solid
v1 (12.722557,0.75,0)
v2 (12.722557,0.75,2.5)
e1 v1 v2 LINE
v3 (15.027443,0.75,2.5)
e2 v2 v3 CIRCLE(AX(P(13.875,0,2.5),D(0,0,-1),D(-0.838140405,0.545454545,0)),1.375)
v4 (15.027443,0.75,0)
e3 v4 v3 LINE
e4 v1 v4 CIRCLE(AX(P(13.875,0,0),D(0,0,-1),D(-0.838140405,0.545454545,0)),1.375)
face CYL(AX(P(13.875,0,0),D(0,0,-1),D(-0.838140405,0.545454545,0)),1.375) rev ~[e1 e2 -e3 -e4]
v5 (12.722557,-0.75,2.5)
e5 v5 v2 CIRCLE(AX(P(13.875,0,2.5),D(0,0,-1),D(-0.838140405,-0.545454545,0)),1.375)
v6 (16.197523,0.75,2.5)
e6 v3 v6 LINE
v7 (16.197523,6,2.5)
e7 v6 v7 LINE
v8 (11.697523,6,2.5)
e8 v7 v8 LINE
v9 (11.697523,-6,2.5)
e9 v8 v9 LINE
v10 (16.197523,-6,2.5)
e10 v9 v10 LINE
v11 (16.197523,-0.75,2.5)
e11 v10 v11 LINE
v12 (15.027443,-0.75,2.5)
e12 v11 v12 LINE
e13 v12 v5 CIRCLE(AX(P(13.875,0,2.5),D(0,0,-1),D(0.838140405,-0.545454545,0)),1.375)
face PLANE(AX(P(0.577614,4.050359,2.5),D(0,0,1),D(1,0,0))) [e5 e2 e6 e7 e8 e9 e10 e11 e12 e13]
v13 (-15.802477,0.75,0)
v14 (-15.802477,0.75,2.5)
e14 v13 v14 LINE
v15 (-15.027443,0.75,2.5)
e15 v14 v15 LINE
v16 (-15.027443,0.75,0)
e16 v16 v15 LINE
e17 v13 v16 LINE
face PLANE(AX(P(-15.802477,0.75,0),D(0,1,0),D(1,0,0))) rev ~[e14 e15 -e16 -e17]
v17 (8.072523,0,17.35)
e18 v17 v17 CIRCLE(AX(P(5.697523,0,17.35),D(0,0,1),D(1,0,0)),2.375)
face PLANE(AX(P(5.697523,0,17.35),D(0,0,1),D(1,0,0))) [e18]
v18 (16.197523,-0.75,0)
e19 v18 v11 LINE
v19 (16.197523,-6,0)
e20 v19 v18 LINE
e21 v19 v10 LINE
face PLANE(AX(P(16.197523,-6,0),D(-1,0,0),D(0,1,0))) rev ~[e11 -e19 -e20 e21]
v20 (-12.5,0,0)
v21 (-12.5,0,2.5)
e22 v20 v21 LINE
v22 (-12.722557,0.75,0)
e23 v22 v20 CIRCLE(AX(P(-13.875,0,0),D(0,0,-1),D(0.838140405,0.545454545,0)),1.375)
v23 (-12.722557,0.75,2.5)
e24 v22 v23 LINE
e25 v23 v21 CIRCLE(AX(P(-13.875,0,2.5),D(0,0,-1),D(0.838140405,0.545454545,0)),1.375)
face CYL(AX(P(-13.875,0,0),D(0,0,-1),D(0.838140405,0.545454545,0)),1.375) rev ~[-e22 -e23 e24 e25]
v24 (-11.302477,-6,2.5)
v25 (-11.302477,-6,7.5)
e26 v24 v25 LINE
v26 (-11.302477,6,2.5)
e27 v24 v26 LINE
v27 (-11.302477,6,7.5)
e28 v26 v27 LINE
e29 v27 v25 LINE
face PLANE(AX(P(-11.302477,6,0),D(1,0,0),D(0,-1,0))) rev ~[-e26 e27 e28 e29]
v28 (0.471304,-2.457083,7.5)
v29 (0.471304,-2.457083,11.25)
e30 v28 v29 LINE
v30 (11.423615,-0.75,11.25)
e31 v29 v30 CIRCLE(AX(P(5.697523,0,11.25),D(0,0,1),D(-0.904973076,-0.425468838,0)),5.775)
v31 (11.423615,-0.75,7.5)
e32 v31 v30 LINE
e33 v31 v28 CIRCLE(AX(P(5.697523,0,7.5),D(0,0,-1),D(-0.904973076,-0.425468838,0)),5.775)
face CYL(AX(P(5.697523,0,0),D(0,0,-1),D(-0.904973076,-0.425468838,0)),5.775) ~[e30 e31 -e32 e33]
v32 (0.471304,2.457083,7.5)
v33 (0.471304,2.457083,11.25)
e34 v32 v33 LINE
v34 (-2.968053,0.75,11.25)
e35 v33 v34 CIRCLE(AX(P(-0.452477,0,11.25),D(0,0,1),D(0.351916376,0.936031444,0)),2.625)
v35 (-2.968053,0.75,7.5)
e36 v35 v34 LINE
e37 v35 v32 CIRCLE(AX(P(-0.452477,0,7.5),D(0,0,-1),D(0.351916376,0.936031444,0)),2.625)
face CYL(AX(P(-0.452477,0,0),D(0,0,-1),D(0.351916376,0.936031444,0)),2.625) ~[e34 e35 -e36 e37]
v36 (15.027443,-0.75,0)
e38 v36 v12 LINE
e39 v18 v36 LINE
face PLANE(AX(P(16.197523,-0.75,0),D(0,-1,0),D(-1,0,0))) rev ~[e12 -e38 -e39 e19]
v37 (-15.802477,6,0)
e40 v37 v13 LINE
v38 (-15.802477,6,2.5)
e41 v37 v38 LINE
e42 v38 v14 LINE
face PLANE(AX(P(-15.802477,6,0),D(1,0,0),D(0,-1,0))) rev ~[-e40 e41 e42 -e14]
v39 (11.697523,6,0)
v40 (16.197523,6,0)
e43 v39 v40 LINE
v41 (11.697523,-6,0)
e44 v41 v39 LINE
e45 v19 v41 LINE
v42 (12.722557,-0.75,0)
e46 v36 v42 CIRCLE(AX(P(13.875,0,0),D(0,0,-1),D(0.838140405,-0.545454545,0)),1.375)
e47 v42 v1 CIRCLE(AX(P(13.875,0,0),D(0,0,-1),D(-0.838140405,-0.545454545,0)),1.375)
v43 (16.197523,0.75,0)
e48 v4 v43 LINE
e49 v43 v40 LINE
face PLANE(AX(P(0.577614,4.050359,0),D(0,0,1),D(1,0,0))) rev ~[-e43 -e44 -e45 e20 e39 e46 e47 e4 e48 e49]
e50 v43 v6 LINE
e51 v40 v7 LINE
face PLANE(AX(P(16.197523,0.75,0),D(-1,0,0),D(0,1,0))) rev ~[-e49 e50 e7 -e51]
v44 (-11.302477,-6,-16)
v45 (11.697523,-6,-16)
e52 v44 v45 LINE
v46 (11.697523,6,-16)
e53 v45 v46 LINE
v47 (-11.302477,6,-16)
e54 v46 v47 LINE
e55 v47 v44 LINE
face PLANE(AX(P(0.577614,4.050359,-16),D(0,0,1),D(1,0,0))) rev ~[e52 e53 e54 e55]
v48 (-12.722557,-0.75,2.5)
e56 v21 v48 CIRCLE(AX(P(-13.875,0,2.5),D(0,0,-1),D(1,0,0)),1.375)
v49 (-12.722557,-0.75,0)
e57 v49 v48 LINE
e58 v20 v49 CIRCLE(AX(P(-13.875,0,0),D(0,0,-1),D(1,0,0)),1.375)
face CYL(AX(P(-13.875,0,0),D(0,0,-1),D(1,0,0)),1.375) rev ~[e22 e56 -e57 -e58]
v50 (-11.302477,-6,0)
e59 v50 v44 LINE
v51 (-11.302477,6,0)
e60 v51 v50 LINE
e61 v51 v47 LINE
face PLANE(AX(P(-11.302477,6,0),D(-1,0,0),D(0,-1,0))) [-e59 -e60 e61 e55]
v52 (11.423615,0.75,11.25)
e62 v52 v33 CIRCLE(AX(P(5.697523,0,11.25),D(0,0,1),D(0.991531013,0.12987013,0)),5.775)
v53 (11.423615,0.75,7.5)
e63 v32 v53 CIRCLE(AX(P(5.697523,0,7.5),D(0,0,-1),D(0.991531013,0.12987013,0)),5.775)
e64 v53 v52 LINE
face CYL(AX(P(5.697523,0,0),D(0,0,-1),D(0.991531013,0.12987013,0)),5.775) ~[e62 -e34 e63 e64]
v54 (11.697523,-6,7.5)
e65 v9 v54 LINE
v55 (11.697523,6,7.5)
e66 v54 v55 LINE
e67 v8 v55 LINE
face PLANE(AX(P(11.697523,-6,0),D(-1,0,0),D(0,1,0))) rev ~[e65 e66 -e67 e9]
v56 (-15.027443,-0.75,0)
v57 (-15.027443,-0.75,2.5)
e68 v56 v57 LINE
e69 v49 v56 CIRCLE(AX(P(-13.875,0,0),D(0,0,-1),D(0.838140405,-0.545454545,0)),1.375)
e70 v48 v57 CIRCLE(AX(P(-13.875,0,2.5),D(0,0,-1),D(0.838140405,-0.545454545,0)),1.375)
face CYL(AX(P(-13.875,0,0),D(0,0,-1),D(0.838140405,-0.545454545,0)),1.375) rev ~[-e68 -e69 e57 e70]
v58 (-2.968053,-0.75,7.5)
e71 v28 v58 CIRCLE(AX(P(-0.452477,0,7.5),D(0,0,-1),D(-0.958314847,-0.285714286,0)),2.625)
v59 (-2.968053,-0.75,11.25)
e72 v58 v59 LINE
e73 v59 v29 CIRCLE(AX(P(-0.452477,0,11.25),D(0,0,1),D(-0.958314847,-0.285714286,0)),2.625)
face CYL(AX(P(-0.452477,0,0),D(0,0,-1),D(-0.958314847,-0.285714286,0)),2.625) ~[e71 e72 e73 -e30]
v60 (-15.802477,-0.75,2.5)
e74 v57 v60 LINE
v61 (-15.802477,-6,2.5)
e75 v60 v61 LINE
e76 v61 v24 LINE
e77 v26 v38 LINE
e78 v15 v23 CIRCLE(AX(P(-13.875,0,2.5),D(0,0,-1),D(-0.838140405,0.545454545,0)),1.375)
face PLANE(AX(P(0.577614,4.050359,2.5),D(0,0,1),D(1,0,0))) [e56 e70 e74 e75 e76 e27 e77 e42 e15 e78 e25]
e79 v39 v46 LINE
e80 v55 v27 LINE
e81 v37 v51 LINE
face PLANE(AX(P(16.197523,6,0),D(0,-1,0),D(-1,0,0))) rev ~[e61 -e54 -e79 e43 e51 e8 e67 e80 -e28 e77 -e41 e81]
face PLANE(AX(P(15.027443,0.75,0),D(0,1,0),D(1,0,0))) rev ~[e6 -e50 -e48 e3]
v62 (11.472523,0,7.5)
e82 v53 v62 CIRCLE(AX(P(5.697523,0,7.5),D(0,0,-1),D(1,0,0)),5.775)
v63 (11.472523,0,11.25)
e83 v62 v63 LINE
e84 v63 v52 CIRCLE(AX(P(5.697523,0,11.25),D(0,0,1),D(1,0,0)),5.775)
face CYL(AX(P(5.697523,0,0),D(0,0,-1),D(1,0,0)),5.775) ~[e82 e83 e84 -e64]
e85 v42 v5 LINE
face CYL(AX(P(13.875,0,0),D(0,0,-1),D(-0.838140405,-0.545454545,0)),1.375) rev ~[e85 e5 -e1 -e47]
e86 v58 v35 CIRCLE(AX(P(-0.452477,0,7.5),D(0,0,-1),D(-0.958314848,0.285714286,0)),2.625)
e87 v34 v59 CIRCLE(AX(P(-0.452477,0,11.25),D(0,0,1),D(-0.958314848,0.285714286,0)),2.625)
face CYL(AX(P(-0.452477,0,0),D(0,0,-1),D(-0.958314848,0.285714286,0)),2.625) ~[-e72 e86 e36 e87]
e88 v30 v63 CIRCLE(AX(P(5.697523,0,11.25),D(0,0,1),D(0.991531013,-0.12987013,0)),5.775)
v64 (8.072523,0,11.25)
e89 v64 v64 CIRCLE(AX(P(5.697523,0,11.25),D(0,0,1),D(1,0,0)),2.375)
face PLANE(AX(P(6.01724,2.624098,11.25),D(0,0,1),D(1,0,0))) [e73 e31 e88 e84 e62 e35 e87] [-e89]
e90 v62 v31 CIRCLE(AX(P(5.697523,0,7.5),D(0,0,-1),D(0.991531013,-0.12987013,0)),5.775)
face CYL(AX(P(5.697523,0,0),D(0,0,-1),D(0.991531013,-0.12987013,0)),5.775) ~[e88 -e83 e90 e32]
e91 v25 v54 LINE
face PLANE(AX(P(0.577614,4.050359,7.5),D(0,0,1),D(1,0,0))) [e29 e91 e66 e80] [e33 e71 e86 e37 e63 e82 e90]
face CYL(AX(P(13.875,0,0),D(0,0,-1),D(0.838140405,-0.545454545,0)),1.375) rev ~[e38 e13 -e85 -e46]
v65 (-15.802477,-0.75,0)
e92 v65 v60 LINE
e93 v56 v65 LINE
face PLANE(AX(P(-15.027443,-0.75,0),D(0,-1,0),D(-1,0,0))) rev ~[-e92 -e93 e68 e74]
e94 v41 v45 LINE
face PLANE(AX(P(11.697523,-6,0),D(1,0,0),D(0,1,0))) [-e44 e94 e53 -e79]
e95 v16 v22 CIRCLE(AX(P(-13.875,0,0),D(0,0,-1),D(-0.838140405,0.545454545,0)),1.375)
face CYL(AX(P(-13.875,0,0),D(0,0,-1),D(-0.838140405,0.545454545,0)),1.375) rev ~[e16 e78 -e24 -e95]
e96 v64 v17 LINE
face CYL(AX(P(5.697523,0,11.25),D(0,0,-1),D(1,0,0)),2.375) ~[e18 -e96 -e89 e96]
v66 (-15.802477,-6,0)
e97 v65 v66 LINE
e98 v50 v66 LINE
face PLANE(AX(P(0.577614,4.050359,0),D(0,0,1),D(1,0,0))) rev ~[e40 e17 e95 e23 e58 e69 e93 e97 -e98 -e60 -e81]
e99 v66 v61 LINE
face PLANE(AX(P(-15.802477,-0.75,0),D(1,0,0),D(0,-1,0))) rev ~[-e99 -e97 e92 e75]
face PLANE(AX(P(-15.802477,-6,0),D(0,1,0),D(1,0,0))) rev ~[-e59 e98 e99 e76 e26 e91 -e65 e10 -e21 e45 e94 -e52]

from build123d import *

# Parameters (mm, degrees)
F1_DEPTH      = 2.5
F2_DEPTH      = 11.25
F3_DEPTH      = 7.5
F3_DEPTH_BACK = 16
F4_R          = 2.375
F5_DEPTH      = 6.1


with BuildPart() as f1:
    # F0 (on Top) → F1 (new body)
    with BuildSketch(Plane.XY):
        with BuildLine():
            Line((11.6975234449, 6), (-11.3024765551, 6))
            Line((-11.3024765551, 6), (-11.3024765551, 0.75))
            Line((-11.3024765551, 0.75), (-2.9680530298, 0.75))
            ThreePointArc((-2.9680530298, 0.75), (-1.6195182493, 2.3513057402), (0.4713039327, 2.4570825404))
            ThreePointArc((0.4713039327, 2.4570825404), (6.5869056607, 5.706104124), (11.4236150439, 0.75))
            Line((11.4236150439, 0.75), (11.6975234449, 0.75))
            Line((11.6975234449, 0.75), (11.6975234449, 6))
        make_face()
        with BuildLine():
            Line((-2.9680530298, -0.75), (-11.3024765551, -0.75))
            Line((-11.3024765551, -0.75), (-11.3024765551, -6))
            Line((-11.3024765551, -6), (11.6975234449, -6))
            Line((11.6975234449, -6), (11.6975234449, -0.75))
            Line((11.6975234449, -0.75), (11.4236150439, -0.75))
            ThreePointArc((11.4236150439, -0.75), (6.5869056607, -5.706104124), (0.4713039327, -2.4570825404))
            ThreePointArc((0.4713039327, -2.4570825404), (-1.6195182493, -2.3513057402), (-2.9680530298, -0.75))
        make_face()
        with BuildLine():
            Line((-2.9680530298, 0.75), (-11.3024765551, 0.75))
            Line((-11.3024765551, 0.75), (-11.3024765551, -0.75))
            Line((-11.3024765551, -0.75), (-2.9680530298, -0.75))
            ThreePointArc((-2.9680530298, -0.75), (-3.0774765551, 0), (-2.9680530298, 0.75))
        make_face()
        with BuildLine():
            Line((-11.3024765551, -0.75), (-11.3024765551, 0.75))
            Line((-11.3024765551, 0.75), (-12.7225569428, 0.75))
            ThreePointArc((-12.7225569428, 0.75), (-12.5568129489, 0.3911622403), (-12.5, 0))
            ThreePointArc((-12.5, 0), (-12.5568129489, -0.3911622403), (-12.7225569428, -0.75))
            Line((-12.7225569428, -0.75), (-11.3024765551, -0.75))
        make_face()
        with BuildLine():
            Line((-11.3024765551, 0.75), (-11.3024765551, 6))
            Line((-11.3024765551, 6), (-15.8024765551, 6))
            Line((-15.8024765551, 6), (-15.8024765551, 0.75))
            Line((-15.8024765551, 0.75), (-15.0274430572, 0.75))
            ThreePointArc((-15.0274430572, 0.75), (-13.875, 1.375), (-12.7225569428, 0.75))
            Line((-12.7225569428, 0.75), (-11.3024765551, 0.75))
        make_face()
        with BuildLine():
            Line((-11.3024765551, -6), (-11.3024765551, -0.75))
            Line((-11.3024765551, -0.75), (-12.7225569428, -0.75))
            ThreePointArc((-12.7225569428, -0.75), (-13.875, -1.375), (-15.0274430572, -0.75))
            Line((-15.0274430572, -0.75), (-15.8024765551, -0.75))
            Line((-15.8024765551, -0.75), (-15.8024765551, -6))
            Line((-15.8024765551, -6), (-11.3024765551, -6))
        make_face()
        with BuildLine():
            Line((16.1975234449, 6), (11.6975234449, 6))
            Line((11.6975234449, 6), (11.6975234449, 0.75))
            Line((11.6975234449, 0.75), (12.7225569428, 0.75))
            ThreePointArc((12.7225569428, 0.75), (13.875, 1.375), (15.0274430572, 0.75))
            Line((15.0274430572, 0.75), (16.1975234449, 0.75))
            Line((16.1975234449, 0.75), (16.1975234449, 6))
        make_face()
        with BuildLine():
            Line((12.7225569428, -0.75), (11.6975234449, -0.75))
            Line((11.6975234449, -0.75), (11.6975234449, -6))
            Line((11.6975234449, -6), (16.1975234449, -6))
            Line((16.1975234449, -6), (16.1975234449, -0.75))
            Line((16.1975234449, -0.75), (15.0274430572, -0.75))
            ThreePointArc((15.0274430572, -0.75), (13.875, -1.375), (12.7225569428, -0.75))
        make_face()
        with BuildLine():
            Line((12.7225569428, 0.75), (11.6975234449, 0.75))
            Line((11.6975234449, 0.75), (11.6975234449, -0.75))
            Line((11.6975234449, -0.75), (12.7225569428, -0.75))
            ThreePointArc((12.7225569428, -0.75), (12.5, 0), (12.7225569428, 0.75))
        make_face()
        with BuildLine():
            Line((2.0630999196, 0.75), (11.4236150439, 0.75))
            ThreePointArc((11.4236150439, 0.75), (6.5869056607, 5.706104124), (0.4713039327, 2.4570825404))
            ThreePointArc((0.4713039327, 2.4570825404), (1.4673741627, 1.7901950232), (2.0630999196, 0.75))
        make_face()
        with BuildLine():
            ThreePointArc((0.4713039327, 2.4570825404), (-1.6195182493, 2.3513057402), (-2.9680530298, 0.75))
            Line((-2.9680530298, 0.75), (-0.0285681541, 0.75))
            ThreePointArc((-0.0285681541, 0.75), (0.1552484274, 1.6229025328), (0.4713039327, 2.4570825404))
        make_face()
        with BuildLine():
            Line((-0.0285681541, 0.75), (-2.9680530298, 0.75))
            ThreePointArc((-2.9680530298, 0.75), (-3.0774765551, 0), (-2.9680530298, -0.75))
            Line((-2.9680530298, -0.75), (-0.0285681541, -0.75))
            ThreePointArc((-0.0285681541, -0.75), (-0.0774765551, 0), (-0.0285681541, 0.75))
        make_face()
        with BuildLine():
            Line((-0.0285681541, -0.75), (-2.9680530298, -0.75))
            ThreePointArc((-2.9680530298, -0.75), (-1.6195182493, -2.3513057402), (0.4713039327, -2.4570825404))
            ThreePointArc((0.4713039327, -2.4570825404), (0.1552484274, -1.6229025328), (-0.0285681541, -0.75))
        make_face()
        with BuildLine():
            Line((2.0630999196, -0.75), (-0.0285681541, -0.75))
            ThreePointArc((-0.0285681541, -0.75), (0.1552484274, -1.6229025328), (0.4713039327, -2.4570825404))
            ThreePointArc((0.4713039327, -2.4570825404), (1.4673741627, -1.7901950232), (2.0630999196, -0.75))
        make_face()
        with BuildLine():
            Line((2.0630999196, 0.75), (-0.0285681541, 0.75))
            ThreePointArc((-0.0285681541, 0.75), (-0.0774765551, 0), (-0.0285681541, -0.75))
            Line((-0.0285681541, -0.75), (2.0630999196, -0.75))
            ThreePointArc((2.0630999196, -0.75), (2.1450235167, -0.3789701531), (2.1725234449, 0))
            ThreePointArc((2.1725234449, 0), (2.1450235167, 0.3789701531), (2.0630999196, 0.75))
        make_face()
        with BuildLine():
            ThreePointArc((0.4713039327, 2.4570825404), (0.1552484274, 1.6229025328), (-0.0285681541, 0.75))
            Line((-0.0285681541, 0.75), (2.0630999196, 0.75))
            ThreePointArc((2.0630999196, 0.75), (1.4673741627, 1.7901950232), (0.4713039327, 2.4570825404))
        make_face()
        with BuildLine():
            ThreePointArc((11.4725234449, 0), (11.4602833733, 0.375796498), (11.4236150439, 0.75))
            Line((11.4236150439, 0.75), (2.0630999196, 0.75))
            ThreePointArc((2.0630999196, 0.75), (2.1450235167, 0.3789701531), (2.1725234449, 0))
            ThreePointArc((2.1725234449, 0), (2.1450235167, -0.3789701531), (2.0630999196, -0.75))
            Line((2.0630999196, -0.75), (11.4236150439, -0.75))
            ThreePointArc((11.4236150439, -0.75), (11.4602833733, -0.375796498), (11.4725234449, 0))
        make_face()
        with BuildLine():
            ThreePointArc((0.4713039327, -2.4570825404), (6.5869056607, -5.706104124), (11.4236150439, -0.75))
            Line((11.4236150439, -0.75), (2.0630999196, -0.75))
            ThreePointArc((2.0630999196, -0.75), (1.4673741627, -1.7901950232), (0.4713039327, -2.4570825404))
        make_face()
        with BuildLine():
            Line((11.6975234449, -0.75), (11.6975234449, 0.75))
            Line((11.6975234449, 0.75), (11.4236150439, 0.75))
            ThreePointArc((11.4236150439, 0.75), (11.4602833733, 0.375796498), (11.4725234449, 0))
            ThreePointArc((11.4725234449, 0), (11.4602833733, -0.375796498), (11.4236150439, -0.75))
            Line((11.4236150439, -0.75), (11.6975234449, -0.75))
        make_face()
    extrude(amount=F1_DEPTH)

    # F0 (on Top) → F2 (join)
    with BuildSketch(Plane.XY):
        with BuildLine():
            Line((2.0630999196, 0.75), (11.4236150439, 0.75))
            ThreePointArc((11.4236150439, 0.75), (6.5869056607, 5.706104124), (0.4713039327, 2.4570825404))
            ThreePointArc((0.4713039327, 2.4570825404), (1.4673741627, 1.7901950232), (2.0630999196, 0.75))
        make_face()
        with BuildLine():
            ThreePointArc((0.4713039327, -2.4570825404), (6.5869056607, -5.706104124), (11.4236150439, -0.75))
            Line((11.4236150439, -0.75), (2.0630999196, -0.75))
            ThreePointArc((2.0630999196, -0.75), (1.4673741627, -1.7901950232), (0.4713039327, -2.4570825404))
        make_face()
        with BuildLine():
            ThreePointArc((11.4725234449, 0), (11.4602833733, 0.375796498), (11.4236150439, 0.75))
            Line((11.4236150439, 0.75), (2.0630999196, 0.75))
            ThreePointArc((2.0630999196, 0.75), (2.1450235167, 0.3789701531), (2.1725234449, 0))
            ThreePointArc((2.1725234449, 0), (2.1450235167, -0.3789701531), (2.0630999196, -0.75))
            Line((2.0630999196, -0.75), (11.4236150439, -0.75))
            ThreePointArc((11.4236150439, -0.75), (11.4602833733, -0.375796498), (11.4725234449, 0))
        make_face()
        with BuildLine():
            Line((2.0630999196, 0.75), (-0.0285681541, 0.75))
            ThreePointArc((-0.0285681541, 0.75), (-0.0774765551, 0), (-0.0285681541, -0.75))
            Line((-0.0285681541, -0.75), (2.0630999196, -0.75))
            ThreePointArc((2.0630999196, -0.75), (2.1450235167, -0.3789701531), (2.1725234449, 0))
            ThreePointArc((2.1725234449, 0), (2.1450235167, 0.3789701531), (2.0630999196, 0.75))
        make_face()
        with BuildLine():
            ThreePointArc((0.4713039327, 2.4570825404), (0.1552484274, 1.6229025328), (-0.0285681541, 0.75))
            Line((-0.0285681541, 0.75), (2.0630999196, 0.75))
            ThreePointArc((2.0630999196, 0.75), (1.4673741627, 1.7901950232), (0.4713039327, 2.4570825404))
        make_face()
        with BuildLine():
            ThreePointArc((0.4713039327, 2.4570825404), (-1.6195182493, 2.3513057402), (-2.9680530298, 0.75))
            Line((-2.9680530298, 0.75), (-0.0285681541, 0.75))
            ThreePointArc((-0.0285681541, 0.75), (0.1552484274, 1.6229025328), (0.4713039327, 2.4570825404))
        make_face()
        with BuildLine():
            Line((-0.0285681541, 0.75), (-2.9680530298, 0.75))
            ThreePointArc((-2.9680530298, 0.75), (-3.0774765551, 0), (-2.9680530298, -0.75))
            Line((-2.9680530298, -0.75), (-0.0285681541, -0.75))
            ThreePointArc((-0.0285681541, -0.75), (-0.0774765551, 0), (-0.0285681541, 0.75))
        make_face()
        with BuildLine():
            Line((-0.0285681541, -0.75), (-2.9680530298, -0.75))
            ThreePointArc((-2.9680530298, -0.75), (-1.6195182493, -2.3513057402), (0.4713039327, -2.4570825404))
            ThreePointArc((0.4713039327, -2.4570825404), (0.1552484274, -1.6229025328), (-0.0285681541, -0.75))
        make_face()
        with BuildLine():
            Line((2.0630999196, -0.75), (-0.0285681541, -0.75))
            ThreePointArc((-0.0285681541, -0.75), (0.1552484274, -1.6229025328), (0.4713039327, -2.4570825404))
            ThreePointArc((0.4713039327, -2.4570825404), (1.4673741627, -1.7901950232), (2.0630999196, -0.75))
        make_face()
    extrude(amount=F2_DEPTH)

    # F0 (on Top) → F3 (join, two sides)
    with BuildSketch(Plane.XY) as f3_sk:
        with BuildLine():
            Line((11.6975234449, 6), (-11.3024765551, 6))
            Line((-11.3024765551, 6), (-11.3024765551, 0.75))
            Line((-11.3024765551, 0.75), (-2.9680530298, 0.75))
            ThreePointArc((-2.9680530298, 0.75), (-1.6195182493, 2.3513057402), (0.4713039327, 2.4570825404))
            ThreePointArc((0.4713039327, 2.4570825404), (6.5869056607, 5.706104124), (11.4236150439, 0.75))
            Line((11.4236150439, 0.75), (11.6975234449, 0.75))
            Line((11.6975234449, 0.75), (11.6975234449, 6))
        make_face()
        with BuildLine():
            Line((-2.9680530298, -0.75), (-11.3024765551, -0.75))
            Line((-11.3024765551, -0.75), (-11.3024765551, -6))
            Line((-11.3024765551, -6), (11.6975234449, -6))
            Line((11.6975234449, -6), (11.6975234449, -0.75))
            Line((11.6975234449, -0.75), (11.4236150439, -0.75))
            ThreePointArc((11.4236150439, -0.75), (6.5869056607, -5.706104124), (0.4713039327, -2.4570825404))
            ThreePointArc((0.4713039327, -2.4570825404), (-1.6195182493, -2.3513057402), (-2.9680530298, -0.75))
        make_face()
        with BuildLine():
            Line((-2.9680530298, 0.75), (-11.3024765551, 0.75))
            Line((-11.3024765551, 0.75), (-11.3024765551, -0.75))
            Line((-11.3024765551, -0.75), (-2.9680530298, -0.75))
            ThreePointArc((-2.9680530298, -0.75), (-3.0774765551, 0), (-2.9680530298, 0.75))
        make_face()
        with BuildLine():
            Line((-0.0285681541, 0.75), (-2.9680530298, 0.75))
            ThreePointArc((-2.9680530298, 0.75), (-3.0774765551, 0), (-2.9680530298, -0.75))
            Line((-2.9680530298, -0.75), (-0.0285681541, -0.75))
            ThreePointArc((-0.0285681541, -0.75), (-0.0774765551, 0), (-0.0285681541, 0.75))
        make_face()
        with BuildLine():
            ThreePointArc((0.4713039327, 2.4570825404), (-1.6195182493, 2.3513057402), (-2.9680530298, 0.75))
            Line((-2.9680530298, 0.75), (-0.0285681541, 0.75))
            ThreePointArc((-0.0285681541, 0.75), (0.1552484274, 1.6229025328), (0.4713039327, 2.4570825404))
        make_face()
        with BuildLine():
            Line((-0.0285681541, -0.75), (-2.9680530298, -0.75))
            ThreePointArc((-2.9680530298, -0.75), (-1.6195182493, -2.3513057402), (0.4713039327, -2.4570825404))
            ThreePointArc((0.4713039327, -2.4570825404), (0.1552484274, -1.6229025328), (-0.0285681541, -0.75))
        make_face()
        with BuildLine():
            Line((2.0630999196, -0.75), (-0.0285681541, -0.75))
            ThreePointArc((-0.0285681541, -0.75), (0.1552484274, -1.6229025328), (0.4713039327, -2.4570825404))
            ThreePointArc((0.4713039327, -2.4570825404), (1.4673741627, -1.7901950232), (2.0630999196, -0.75))
        make_face()
        with BuildLine():
            Line((2.0630999196, 0.75), (-0.0285681541, 0.75))
            ThreePointArc((-0.0285681541, 0.75), (-0.0774765551, 0), (-0.0285681541, -0.75))
            Line((-0.0285681541, -0.75), (2.0630999196, -0.75))
            ThreePointArc((2.0630999196, -0.75), (2.1450235167, -0.3789701531), (2.1725234449, 0))
            ThreePointArc((2.1725234449, 0), (2.1450235167, 0.3789701531), (2.0630999196, 0.75))
        make_face()
        with BuildLine():
            ThreePointArc((0.4713039327, 2.4570825404), (0.1552484274, 1.6229025328), (-0.0285681541, 0.75))
            Line((-0.0285681541, 0.75), (2.0630999196, 0.75))
            ThreePointArc((2.0630999196, 0.75), (1.4673741627, 1.7901950232), (0.4713039327, 2.4570825404))
        make_face()
        with BuildLine():
            Line((2.0630999196, 0.75), (11.4236150439, 0.75))
            ThreePointArc((11.4236150439, 0.75), (6.5869056607, 5.706104124), (0.4713039327, 2.4570825404))
            ThreePointArc((0.4713039327, 2.4570825404), (1.4673741627, 1.7901950232), (2.0630999196, 0.75))
        make_face()
        with BuildLine():
            ThreePointArc((0.4713039327, -2.4570825404), (6.5869056607, -5.706104124), (11.4236150439, -0.75))
            Line((11.4236150439, -0.75), (2.0630999196, -0.75))
            ThreePointArc((2.0630999196, -0.75), (1.4673741627, -1.7901950232), (0.4713039327, -2.4570825404))
        make_face()
        with BuildLine():
            ThreePointArc((11.4725234449, 0), (11.4602833733, 0.375796498), (11.4236150439, 0.75))
            Line((11.4236150439, 0.75), (2.0630999196, 0.75))
            ThreePointArc((2.0630999196, 0.75), (2.1450235167, 0.3789701531), (2.1725234449, 0))
            ThreePointArc((2.1725234449, 0), (2.1450235167, -0.3789701531), (2.0630999196, -0.75))
            Line((2.0630999196, -0.75), (11.4236150439, -0.75))
            ThreePointArc((11.4236150439, -0.75), (11.4602833733, -0.375796498), (11.4725234449, 0))
        make_face()
        with BuildLine():
            Line((11.6975234449, -0.75), (11.6975234449, 0.75))
            Line((11.6975234449, 0.75), (11.4236150439, 0.75))
            ThreePointArc((11.4236150439, 0.75), (11.4602833733, 0.375796498), (11.4725234449, 0))
            ThreePointArc((11.4725234449, 0), (11.4602833733, -0.375796498), (11.4236150439, -0.75))
            Line((11.4236150439, -0.75), (11.6975234449, -0.75))
        make_face()
    extrude(amount=F3_DEPTH)
    extrude(f3_sk.sketch, amount=-F3_DEPTH_BACK)

    # F4 (on face) → F5 (join)
    with BuildSketch(Plane.XY.offset(11.25)):
        with Locations((5.6975234449, 0)):
            Circle(F4_R)
    extrude(amount=F5_DEPTH)


solid = f1.part
